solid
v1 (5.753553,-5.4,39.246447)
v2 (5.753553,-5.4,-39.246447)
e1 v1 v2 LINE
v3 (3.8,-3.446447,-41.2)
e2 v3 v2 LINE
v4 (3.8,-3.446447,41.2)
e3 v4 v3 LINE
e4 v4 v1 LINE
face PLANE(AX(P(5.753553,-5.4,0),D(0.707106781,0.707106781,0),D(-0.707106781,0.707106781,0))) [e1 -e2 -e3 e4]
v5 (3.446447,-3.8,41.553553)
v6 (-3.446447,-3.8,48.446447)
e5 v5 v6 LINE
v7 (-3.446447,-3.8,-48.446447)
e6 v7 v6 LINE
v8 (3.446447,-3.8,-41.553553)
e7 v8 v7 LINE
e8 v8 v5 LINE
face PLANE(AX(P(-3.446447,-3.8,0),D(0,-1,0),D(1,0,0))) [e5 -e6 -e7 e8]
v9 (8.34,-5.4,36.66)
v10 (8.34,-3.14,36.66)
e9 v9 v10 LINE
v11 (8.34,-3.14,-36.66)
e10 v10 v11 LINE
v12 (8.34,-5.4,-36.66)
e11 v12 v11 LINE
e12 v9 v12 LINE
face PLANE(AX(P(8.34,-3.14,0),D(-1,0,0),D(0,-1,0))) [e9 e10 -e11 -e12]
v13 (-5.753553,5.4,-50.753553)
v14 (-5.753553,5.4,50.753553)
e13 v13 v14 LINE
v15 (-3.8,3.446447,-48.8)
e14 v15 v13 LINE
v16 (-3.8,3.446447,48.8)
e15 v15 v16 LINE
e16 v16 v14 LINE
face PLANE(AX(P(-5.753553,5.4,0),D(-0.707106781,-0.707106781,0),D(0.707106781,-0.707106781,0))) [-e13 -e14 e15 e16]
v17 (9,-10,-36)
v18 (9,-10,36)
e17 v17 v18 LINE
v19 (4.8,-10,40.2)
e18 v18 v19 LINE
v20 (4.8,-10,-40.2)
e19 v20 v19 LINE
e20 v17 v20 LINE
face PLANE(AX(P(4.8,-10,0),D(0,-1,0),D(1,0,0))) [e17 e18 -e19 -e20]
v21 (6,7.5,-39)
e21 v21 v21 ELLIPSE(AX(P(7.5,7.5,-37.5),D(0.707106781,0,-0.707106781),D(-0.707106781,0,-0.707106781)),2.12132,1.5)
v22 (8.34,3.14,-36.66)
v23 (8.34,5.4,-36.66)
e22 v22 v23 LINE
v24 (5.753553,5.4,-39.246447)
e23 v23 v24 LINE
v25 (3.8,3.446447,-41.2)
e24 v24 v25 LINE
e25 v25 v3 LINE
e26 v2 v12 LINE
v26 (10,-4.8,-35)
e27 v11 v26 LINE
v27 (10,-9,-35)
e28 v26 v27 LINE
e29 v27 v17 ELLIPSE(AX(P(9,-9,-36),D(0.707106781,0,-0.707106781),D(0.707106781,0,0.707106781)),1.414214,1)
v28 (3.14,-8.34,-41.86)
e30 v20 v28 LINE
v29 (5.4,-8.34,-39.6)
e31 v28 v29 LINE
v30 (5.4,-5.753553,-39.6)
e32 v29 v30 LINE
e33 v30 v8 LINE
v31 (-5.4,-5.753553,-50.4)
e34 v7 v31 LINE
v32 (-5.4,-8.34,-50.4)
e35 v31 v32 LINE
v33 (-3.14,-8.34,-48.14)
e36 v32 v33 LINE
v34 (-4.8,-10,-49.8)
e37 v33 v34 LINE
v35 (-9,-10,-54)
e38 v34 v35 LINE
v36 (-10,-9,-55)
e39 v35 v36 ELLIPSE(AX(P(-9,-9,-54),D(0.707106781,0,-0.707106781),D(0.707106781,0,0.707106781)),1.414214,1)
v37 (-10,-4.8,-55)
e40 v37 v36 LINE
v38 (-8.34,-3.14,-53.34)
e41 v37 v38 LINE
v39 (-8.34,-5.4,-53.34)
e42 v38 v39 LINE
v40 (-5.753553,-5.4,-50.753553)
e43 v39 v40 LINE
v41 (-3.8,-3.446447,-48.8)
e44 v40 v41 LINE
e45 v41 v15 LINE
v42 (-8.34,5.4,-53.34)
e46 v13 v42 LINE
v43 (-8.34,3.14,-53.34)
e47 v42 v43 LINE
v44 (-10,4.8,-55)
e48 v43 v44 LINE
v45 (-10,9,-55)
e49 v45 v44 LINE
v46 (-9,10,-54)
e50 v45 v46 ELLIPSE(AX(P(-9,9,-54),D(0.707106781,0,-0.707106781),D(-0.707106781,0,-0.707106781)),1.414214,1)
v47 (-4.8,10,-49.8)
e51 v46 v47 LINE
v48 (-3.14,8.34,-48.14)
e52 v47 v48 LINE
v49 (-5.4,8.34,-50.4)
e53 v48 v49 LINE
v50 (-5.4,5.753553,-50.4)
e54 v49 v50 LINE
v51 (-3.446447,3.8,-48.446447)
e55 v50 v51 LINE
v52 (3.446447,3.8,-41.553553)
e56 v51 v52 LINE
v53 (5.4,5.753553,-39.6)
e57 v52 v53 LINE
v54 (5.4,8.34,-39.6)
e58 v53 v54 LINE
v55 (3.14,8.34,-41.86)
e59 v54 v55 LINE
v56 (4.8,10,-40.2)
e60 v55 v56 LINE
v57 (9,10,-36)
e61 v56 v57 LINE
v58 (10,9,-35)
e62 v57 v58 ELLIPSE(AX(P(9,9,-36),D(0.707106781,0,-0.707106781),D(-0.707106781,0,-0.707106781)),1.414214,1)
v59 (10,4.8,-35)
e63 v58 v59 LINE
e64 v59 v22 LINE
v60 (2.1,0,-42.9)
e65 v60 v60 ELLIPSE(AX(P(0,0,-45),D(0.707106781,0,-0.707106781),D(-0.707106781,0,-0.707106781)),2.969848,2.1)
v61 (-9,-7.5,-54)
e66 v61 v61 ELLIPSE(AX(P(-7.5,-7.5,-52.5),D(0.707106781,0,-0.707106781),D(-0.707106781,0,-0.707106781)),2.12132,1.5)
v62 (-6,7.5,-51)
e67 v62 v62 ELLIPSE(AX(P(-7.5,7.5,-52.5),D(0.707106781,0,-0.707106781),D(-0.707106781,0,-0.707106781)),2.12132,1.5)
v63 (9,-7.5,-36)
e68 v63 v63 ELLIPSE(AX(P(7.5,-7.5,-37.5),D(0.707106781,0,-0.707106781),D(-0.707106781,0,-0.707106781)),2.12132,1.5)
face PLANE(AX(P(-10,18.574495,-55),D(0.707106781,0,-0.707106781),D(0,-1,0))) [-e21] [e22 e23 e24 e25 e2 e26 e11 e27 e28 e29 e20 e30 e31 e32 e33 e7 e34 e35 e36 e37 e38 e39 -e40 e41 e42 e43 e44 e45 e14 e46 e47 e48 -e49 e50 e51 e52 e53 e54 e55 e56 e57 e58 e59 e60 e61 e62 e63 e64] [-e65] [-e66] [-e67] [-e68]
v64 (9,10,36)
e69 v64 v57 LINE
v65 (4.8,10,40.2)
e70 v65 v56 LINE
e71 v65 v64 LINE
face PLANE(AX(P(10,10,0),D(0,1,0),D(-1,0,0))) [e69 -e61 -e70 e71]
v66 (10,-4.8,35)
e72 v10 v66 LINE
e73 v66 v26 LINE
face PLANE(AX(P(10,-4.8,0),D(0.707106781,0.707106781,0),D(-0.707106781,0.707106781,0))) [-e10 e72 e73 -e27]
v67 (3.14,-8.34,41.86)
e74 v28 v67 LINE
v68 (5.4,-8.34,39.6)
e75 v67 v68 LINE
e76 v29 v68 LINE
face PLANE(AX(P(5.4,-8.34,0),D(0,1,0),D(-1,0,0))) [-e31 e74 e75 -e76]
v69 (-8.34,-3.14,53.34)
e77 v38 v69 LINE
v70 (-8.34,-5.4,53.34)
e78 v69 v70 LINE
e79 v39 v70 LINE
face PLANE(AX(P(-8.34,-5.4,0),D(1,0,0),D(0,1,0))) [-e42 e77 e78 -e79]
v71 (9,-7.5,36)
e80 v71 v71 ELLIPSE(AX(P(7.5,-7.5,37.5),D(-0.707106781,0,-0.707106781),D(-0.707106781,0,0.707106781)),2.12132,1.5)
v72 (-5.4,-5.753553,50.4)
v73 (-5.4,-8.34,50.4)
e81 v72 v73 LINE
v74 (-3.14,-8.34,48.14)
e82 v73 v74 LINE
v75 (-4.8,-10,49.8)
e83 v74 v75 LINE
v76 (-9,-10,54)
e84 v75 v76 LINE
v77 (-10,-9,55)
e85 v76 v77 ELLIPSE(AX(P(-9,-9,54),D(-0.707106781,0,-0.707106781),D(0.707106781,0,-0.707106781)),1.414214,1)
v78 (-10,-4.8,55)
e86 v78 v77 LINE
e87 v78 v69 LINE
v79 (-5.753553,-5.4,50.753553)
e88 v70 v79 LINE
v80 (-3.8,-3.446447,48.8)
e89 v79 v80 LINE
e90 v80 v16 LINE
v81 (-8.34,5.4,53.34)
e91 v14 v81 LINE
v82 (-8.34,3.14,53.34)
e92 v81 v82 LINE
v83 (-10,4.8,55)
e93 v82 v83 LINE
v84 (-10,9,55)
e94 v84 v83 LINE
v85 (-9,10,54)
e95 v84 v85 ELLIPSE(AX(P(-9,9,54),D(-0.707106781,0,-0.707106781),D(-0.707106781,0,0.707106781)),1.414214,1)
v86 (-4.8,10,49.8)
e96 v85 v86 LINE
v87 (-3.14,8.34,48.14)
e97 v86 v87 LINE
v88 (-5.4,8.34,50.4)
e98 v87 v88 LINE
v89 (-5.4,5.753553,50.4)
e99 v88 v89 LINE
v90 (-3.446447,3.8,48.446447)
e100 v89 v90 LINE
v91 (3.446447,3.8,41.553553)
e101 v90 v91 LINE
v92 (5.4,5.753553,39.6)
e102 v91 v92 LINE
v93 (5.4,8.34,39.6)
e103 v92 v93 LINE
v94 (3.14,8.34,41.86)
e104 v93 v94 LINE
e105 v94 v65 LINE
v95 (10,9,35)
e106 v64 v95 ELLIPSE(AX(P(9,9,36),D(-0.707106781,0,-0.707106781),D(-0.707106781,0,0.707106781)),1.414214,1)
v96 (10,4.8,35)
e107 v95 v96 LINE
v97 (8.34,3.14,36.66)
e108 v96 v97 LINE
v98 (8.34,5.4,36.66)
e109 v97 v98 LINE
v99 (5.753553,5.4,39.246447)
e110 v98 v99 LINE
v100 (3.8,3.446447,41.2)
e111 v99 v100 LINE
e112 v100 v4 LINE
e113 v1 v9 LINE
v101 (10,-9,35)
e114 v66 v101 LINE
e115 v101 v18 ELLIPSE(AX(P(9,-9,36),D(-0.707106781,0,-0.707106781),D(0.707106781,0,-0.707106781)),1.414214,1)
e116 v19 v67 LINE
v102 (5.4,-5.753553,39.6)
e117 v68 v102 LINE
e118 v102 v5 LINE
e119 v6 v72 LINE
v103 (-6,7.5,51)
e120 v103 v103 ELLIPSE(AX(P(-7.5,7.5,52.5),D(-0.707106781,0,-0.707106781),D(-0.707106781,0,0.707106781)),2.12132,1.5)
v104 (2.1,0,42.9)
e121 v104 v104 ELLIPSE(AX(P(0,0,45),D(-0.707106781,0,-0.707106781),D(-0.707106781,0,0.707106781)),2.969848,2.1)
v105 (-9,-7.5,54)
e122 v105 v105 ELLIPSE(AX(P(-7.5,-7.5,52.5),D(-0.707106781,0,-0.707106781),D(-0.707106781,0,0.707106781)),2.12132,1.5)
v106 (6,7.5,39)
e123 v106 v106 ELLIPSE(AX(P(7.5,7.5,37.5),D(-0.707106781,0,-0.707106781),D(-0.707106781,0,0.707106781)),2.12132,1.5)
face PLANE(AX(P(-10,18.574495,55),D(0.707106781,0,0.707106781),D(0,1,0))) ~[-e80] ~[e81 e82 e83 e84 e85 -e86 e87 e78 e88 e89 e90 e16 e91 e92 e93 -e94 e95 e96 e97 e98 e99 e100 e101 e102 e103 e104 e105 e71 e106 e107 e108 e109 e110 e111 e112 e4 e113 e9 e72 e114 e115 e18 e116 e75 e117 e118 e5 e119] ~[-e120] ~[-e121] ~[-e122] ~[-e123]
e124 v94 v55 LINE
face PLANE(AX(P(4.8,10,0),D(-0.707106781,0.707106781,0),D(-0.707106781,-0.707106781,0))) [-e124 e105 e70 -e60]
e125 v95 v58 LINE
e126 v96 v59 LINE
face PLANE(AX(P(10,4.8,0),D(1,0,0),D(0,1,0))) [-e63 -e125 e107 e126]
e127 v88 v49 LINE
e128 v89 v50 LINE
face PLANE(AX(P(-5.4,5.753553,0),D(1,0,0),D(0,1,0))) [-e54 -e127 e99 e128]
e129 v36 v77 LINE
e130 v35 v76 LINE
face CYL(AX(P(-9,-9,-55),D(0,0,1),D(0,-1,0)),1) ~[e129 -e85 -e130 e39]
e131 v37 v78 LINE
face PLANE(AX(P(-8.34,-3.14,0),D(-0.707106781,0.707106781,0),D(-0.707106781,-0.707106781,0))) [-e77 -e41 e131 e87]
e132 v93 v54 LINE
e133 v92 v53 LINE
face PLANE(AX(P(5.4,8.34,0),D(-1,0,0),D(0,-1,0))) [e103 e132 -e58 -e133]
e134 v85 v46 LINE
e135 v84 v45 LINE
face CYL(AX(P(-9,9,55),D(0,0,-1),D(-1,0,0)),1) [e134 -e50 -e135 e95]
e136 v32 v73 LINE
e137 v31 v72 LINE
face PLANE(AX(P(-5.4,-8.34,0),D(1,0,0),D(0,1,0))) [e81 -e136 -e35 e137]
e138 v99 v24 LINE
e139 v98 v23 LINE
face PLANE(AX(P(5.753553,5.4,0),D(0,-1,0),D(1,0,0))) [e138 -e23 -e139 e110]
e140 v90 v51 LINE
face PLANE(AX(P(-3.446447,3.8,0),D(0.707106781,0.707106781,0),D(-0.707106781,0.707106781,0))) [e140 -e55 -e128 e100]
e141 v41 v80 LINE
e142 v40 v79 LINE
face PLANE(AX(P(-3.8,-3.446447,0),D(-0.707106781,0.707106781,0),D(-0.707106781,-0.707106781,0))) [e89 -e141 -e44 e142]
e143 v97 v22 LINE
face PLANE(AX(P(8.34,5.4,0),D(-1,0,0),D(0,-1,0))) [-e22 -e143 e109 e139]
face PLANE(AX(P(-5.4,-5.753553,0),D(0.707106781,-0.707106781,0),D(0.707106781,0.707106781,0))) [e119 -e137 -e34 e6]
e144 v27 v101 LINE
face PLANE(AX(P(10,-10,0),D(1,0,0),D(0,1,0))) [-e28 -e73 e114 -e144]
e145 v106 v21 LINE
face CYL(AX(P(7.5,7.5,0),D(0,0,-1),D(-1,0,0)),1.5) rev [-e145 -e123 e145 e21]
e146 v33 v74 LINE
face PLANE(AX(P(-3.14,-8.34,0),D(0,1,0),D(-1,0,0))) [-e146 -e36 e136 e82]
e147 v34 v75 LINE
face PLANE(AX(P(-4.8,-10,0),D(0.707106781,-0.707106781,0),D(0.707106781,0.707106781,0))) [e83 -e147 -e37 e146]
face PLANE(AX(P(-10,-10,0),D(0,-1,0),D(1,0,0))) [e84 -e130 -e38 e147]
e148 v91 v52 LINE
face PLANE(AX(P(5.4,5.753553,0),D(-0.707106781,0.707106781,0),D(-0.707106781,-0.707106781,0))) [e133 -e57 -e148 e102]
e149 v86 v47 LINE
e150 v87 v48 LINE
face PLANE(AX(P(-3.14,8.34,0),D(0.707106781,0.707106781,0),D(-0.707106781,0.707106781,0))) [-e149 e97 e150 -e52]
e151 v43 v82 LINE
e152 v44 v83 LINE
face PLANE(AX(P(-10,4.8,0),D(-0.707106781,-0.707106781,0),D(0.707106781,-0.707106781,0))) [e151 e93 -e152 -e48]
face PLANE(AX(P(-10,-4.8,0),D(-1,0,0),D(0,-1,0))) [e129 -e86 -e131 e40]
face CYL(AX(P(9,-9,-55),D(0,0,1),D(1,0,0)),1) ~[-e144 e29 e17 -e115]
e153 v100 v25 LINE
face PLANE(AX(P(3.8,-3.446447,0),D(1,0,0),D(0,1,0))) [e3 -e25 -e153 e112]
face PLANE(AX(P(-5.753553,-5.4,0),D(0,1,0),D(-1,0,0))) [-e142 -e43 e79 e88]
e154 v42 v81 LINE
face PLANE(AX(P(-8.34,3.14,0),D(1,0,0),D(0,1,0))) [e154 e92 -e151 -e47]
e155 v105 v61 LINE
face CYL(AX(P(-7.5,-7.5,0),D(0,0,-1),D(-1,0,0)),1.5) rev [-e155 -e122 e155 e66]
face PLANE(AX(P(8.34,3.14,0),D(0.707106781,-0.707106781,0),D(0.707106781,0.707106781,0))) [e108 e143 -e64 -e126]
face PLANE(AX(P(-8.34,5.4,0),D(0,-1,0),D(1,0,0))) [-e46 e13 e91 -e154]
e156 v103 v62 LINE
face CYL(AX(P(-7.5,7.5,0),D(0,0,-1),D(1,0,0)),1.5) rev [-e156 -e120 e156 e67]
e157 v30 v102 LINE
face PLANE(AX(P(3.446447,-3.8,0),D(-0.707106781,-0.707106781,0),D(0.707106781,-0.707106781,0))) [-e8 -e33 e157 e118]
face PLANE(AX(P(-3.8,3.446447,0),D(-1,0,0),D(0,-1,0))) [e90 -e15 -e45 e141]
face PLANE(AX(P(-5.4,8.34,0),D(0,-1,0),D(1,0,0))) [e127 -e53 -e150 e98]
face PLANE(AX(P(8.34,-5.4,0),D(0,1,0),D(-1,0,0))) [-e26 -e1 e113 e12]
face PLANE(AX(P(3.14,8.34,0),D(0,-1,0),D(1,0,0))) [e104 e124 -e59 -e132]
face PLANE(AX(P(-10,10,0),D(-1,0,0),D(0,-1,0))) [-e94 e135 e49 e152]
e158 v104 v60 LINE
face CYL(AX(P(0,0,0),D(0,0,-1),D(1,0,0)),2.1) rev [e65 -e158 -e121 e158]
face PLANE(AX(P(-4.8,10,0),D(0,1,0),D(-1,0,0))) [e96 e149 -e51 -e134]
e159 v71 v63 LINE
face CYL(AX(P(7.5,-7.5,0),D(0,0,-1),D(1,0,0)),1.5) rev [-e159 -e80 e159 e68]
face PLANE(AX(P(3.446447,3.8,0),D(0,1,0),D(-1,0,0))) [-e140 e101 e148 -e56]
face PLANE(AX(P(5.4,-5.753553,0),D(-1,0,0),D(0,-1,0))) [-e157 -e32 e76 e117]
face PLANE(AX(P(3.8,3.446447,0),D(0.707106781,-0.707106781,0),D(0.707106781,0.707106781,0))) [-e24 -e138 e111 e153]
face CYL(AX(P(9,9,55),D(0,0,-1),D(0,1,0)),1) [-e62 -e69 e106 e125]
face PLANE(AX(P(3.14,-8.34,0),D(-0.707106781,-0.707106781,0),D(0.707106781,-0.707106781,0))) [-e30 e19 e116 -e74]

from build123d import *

# Parameters (mm, degrees)
SKETCH_1_R          = 1.5
SKETCH_1_R_2        = 2.1
EXTRUDE_1_DEPTH     = 55
FILLET_1_R          = 1
CUT_EXTRUDE_1_REACH = 99.788
SKETCH_2_W          = 29.048666984
SKETCH_2_H          = 34.015307271


with BuildPart() as part:
    # 草图1 → 凸台-拉伸1 (new, symmetric)
    with BuildSketch(Plane.XY):
        Polygon((-10, 10), (-10, 4.8), (-8.34, 3.14), (-8.34, 5.4), (-5.753553391, 5.4), (-3.8, 3.446446609), (-3.8, -3.446446609), (-5.753553391, -5.4), (-8.34, -5.4), (-8.34, -3.14), (-10, -4.8), (-10, -10), (-4.8, -10), (-3.14, -8.34), (-5.4, -8.34), (-5.4, -5.753553391), (-3.446446609, -3.8), (3.446446609, -3.8), (5.4, -5.753553391), (5.4, -8.34), (3.14, -8.34), (4.8, -10), (10, -10), (10, -4.8), (8.34, -3.14), (8.34, -5.4), (5.753553391, -5.4), (3.8, -3.446446609), (3.8, 3.446446609), (5.753553391, 5.4), (8.34, 5.4), (8.34, 3.14), (10, 4.8), (10, 10), (4.8, 10), (3.14, 8.34), (5.4, 8.34), (5.4, 5.753553391), (3.446446609, 3.8), (-3.446446609, 3.8), (-5.4, 5.753553391), (-5.4, 8.34), (-3.14, 8.34), (-4.8, 10), align=None)
        with Locations((-7.5, 7.5)):
            Circle(SKETCH_1_R, mode=Mode.SUBTRACT)
        Circle(SKETCH_1_R_2, mode=Mode.SUBTRACT)
        with Locations(Location((-7.5, -7.5, 0), (0, 0, 180))):
            Circle(SKETCH_1_R, mode=Mode.SUBTRACT)
        with Locations((7.5, -7.5)):
            Circle(SKETCH_1_R, mode=Mode.SUBTRACT)
        with Locations(Location((7.5, 7.5, 0), (0, 0, 180))):
            Circle(SKETCH_1_R, mode=Mode.SUBTRACT)
    extrude(amount=EXTRUDE_1_DEPTH, both=True)

    # 圆角1
    fillet_1_edges = [part.edges().sort_by_distance(p)[0] for p in [
        (10, 10, 0),
        (10, -10, 0),
        (-10, -10, 0),
        (-10, 10, 0),
    ]]
    fillet(fillet_1_edges, radius=FILLET_1_R)

    # 草图2 → 切除-拉伸1 (cut, up to next)
    with BuildSketch(Plane(origin=(-32.5, 0, -32.5), x_dir=(0, -1, 0), z_dir=(0.7071067811865464, 0, 0.7071067811865488)), mode=Mode.PRIVATE) as cut_extrude_1_sk1:
        with Locations((-4.05016126, 48.827458789)):
            Rectangle(SKETCH_2_W, SKETCH_2_H)
    cut_extrude_1_tool1 = extrude(cut_extrude_1_sk1.sketch, amount=CUT_EXTRUDE_1_REACH, mode=Mode.PRIVATE) & part.part
    cut_extrude_1 = cut_extrude_1_tool1.solids().sort_by_distance((2.026227, 4.050161, -67.026227))[0]
    add(cut_extrude_1, mode=Mode.SUBTRACT)

    # 镜向1: 切除-拉伸1 across plane
    add(cut_extrude_1.mirror(Plane(origin=(0, 0, 0), x_dir=(1, 0, 0), z_dir=(0, 0, -1))), mode=Mode.SUBTRACT)


solid = part.part
